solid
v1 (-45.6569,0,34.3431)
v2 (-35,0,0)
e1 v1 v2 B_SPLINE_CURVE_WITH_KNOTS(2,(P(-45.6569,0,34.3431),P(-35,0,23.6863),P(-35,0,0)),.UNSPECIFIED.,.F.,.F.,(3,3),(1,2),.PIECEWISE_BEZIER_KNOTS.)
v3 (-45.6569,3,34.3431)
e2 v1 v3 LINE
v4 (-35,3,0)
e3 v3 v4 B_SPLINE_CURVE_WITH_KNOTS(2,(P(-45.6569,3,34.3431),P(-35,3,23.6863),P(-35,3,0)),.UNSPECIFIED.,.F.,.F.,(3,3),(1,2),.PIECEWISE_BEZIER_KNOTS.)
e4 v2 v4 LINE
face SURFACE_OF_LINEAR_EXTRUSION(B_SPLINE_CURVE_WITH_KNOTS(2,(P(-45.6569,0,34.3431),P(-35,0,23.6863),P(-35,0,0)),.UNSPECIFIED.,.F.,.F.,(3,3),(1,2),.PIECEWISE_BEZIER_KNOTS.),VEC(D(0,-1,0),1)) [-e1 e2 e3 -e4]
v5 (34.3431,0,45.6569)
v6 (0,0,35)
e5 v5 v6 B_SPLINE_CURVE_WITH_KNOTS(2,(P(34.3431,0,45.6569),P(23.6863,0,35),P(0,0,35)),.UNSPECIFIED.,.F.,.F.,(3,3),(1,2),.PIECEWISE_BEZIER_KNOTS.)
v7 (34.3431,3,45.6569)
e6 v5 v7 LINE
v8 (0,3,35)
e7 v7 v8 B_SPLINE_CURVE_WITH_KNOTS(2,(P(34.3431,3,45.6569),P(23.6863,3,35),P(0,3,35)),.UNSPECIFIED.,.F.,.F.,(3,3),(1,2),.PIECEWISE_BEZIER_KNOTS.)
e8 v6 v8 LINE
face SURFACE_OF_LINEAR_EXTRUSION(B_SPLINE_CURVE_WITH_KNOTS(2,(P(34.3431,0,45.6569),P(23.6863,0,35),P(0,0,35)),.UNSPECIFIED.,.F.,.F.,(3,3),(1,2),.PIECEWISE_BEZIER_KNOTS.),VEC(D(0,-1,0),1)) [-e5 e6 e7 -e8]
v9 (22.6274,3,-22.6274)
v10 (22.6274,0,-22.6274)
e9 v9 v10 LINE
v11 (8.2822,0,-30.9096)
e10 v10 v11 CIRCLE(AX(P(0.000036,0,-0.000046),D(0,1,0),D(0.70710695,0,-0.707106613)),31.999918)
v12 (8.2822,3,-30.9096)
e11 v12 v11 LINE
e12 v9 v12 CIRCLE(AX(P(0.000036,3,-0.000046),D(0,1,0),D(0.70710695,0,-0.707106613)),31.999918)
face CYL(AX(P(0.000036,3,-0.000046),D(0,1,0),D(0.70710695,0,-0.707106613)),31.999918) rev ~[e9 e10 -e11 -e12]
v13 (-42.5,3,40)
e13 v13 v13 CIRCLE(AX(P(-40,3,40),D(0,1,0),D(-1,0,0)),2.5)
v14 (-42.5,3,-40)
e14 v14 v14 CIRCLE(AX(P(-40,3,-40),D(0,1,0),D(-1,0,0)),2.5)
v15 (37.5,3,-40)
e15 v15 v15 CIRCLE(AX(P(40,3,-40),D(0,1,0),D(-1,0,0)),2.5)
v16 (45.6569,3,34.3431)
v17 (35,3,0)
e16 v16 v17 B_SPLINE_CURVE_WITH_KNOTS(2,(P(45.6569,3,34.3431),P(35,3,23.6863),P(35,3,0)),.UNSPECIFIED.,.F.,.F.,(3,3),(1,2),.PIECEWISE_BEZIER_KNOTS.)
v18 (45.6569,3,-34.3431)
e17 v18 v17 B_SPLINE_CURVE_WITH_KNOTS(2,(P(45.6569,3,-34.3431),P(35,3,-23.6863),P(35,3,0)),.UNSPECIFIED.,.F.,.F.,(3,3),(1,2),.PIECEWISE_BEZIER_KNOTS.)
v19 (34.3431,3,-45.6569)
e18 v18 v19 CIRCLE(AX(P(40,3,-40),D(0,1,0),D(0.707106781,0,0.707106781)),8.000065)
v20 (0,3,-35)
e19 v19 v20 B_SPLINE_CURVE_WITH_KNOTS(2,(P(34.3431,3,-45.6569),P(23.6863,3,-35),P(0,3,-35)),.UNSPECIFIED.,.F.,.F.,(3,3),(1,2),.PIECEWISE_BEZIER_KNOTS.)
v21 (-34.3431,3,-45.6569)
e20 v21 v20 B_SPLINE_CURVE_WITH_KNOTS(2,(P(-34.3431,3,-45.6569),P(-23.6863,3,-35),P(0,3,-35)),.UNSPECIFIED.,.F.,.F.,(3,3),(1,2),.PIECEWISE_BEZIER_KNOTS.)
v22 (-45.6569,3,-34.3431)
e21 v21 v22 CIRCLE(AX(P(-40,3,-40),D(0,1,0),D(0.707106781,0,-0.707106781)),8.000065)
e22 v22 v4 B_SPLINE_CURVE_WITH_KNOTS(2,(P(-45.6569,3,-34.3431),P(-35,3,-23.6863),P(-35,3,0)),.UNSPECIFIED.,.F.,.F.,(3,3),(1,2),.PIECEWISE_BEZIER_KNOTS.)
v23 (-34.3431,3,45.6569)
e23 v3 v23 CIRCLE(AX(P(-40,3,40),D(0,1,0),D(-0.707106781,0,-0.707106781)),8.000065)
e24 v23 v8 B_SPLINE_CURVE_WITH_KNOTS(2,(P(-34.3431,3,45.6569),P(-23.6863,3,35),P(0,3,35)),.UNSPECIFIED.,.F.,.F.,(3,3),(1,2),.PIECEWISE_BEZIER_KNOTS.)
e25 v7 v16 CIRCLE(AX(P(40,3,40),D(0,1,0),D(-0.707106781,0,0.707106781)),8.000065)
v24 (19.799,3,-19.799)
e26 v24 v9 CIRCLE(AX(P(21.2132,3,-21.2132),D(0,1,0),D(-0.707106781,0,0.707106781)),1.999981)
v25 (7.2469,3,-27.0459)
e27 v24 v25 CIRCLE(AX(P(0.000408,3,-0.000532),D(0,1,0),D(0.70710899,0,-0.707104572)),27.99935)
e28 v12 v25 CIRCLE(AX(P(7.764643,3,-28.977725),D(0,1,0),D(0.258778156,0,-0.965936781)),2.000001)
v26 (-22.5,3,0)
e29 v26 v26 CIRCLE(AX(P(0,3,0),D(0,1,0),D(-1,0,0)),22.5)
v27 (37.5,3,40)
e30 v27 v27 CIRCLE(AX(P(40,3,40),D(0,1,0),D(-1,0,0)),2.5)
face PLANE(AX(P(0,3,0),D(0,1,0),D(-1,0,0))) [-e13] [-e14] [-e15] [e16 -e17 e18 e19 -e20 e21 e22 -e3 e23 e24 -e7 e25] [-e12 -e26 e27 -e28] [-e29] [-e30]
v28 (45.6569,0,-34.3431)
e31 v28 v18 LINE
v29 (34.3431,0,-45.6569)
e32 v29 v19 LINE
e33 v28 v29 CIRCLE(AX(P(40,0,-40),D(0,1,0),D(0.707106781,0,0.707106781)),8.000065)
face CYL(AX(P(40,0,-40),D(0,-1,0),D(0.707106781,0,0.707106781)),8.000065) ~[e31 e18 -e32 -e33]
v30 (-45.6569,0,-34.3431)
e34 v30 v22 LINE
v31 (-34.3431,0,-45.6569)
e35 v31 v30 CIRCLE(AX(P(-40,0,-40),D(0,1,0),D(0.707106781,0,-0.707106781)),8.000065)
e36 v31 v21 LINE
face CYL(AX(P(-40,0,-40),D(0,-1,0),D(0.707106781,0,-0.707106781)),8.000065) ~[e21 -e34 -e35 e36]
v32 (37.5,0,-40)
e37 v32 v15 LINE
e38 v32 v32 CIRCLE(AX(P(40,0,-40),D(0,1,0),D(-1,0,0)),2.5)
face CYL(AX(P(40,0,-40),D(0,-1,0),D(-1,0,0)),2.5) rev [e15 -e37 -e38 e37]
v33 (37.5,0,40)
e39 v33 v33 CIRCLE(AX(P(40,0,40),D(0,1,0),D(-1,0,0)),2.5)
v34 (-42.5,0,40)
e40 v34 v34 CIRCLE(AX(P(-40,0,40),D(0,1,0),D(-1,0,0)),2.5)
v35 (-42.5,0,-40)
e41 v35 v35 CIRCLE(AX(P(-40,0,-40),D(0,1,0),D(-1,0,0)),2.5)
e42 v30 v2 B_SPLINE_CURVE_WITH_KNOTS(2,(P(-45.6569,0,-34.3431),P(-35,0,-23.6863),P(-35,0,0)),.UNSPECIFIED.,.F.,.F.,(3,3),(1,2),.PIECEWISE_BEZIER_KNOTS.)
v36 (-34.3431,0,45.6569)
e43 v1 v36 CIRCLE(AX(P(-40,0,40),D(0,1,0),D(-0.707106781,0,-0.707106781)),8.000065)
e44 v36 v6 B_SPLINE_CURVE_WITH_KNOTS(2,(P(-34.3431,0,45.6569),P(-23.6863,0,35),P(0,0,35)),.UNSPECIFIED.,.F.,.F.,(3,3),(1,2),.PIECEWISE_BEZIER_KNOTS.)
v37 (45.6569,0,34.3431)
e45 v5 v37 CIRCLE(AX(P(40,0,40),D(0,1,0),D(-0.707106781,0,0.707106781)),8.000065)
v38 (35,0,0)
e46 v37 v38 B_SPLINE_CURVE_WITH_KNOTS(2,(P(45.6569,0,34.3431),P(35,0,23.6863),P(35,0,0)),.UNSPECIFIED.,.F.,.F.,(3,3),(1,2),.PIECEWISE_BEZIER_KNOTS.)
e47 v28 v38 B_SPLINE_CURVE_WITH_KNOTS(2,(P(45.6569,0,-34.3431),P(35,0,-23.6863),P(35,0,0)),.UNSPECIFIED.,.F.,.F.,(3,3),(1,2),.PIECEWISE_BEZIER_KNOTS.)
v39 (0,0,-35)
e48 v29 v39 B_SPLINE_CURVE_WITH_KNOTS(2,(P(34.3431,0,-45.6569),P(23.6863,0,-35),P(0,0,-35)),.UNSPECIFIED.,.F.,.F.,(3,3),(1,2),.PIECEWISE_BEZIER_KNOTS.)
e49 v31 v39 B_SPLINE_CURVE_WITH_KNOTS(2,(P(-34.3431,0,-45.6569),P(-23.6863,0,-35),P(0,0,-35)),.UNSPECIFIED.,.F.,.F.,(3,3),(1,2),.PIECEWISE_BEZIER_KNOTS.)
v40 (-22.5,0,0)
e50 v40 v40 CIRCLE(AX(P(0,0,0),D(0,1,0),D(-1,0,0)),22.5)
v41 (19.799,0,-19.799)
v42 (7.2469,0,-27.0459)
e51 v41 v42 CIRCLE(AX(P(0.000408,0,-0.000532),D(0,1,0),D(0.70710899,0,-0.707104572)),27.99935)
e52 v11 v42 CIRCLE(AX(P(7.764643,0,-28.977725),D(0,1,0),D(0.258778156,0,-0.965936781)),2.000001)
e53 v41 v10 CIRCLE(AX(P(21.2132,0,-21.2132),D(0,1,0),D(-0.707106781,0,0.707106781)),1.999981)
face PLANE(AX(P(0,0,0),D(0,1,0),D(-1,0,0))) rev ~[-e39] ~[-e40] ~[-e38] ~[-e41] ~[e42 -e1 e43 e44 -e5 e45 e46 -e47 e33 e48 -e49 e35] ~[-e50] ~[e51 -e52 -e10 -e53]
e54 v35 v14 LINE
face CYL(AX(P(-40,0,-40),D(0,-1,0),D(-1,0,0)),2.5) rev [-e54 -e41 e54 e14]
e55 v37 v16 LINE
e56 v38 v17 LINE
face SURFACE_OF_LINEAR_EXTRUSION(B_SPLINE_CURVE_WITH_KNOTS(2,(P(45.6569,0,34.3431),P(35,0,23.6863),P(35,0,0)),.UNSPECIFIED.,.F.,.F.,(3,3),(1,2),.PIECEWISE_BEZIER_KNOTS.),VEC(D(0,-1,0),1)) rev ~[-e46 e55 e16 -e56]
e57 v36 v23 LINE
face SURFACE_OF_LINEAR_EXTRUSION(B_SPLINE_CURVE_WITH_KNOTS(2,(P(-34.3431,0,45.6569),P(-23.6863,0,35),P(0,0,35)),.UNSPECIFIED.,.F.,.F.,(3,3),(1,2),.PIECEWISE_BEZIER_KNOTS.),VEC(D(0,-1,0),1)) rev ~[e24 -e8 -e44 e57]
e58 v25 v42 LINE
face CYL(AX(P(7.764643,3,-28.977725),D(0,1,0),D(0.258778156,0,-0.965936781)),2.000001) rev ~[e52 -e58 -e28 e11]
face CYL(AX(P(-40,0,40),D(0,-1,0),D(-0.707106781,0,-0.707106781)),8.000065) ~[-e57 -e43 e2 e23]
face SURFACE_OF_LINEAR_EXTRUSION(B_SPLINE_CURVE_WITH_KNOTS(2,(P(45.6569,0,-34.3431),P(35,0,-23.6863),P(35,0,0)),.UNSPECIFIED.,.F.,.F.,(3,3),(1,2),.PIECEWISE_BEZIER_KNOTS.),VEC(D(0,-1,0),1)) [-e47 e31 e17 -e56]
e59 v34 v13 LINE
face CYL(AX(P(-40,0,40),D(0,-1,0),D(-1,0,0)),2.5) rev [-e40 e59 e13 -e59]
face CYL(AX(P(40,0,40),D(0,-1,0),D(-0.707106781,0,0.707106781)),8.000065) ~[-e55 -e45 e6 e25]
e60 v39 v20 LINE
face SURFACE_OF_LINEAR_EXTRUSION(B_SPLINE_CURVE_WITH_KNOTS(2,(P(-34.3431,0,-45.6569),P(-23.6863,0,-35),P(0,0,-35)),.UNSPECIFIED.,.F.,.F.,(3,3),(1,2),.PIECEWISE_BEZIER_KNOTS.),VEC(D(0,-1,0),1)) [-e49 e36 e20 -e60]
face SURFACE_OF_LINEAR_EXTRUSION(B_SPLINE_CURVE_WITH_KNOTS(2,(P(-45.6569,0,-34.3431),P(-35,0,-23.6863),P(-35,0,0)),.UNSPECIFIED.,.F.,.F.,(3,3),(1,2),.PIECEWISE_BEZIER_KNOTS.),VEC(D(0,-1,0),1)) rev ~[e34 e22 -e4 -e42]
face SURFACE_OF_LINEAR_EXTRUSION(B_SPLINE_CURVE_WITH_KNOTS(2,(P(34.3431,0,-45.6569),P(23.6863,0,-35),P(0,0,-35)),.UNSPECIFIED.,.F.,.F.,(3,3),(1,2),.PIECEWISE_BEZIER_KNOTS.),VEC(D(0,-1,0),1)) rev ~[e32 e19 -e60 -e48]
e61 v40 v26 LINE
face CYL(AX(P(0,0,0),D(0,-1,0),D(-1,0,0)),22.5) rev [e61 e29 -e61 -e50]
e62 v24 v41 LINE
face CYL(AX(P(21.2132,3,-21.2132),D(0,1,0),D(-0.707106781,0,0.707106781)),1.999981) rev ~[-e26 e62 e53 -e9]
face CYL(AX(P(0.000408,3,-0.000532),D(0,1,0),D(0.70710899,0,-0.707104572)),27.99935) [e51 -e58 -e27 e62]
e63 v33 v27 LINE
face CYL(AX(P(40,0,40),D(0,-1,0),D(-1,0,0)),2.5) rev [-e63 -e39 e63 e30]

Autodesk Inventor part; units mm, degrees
ref_plane "YZ Plane" through (0, 0, 0) normal (1, 0, 0) x (0, 1, 0)
ref_plane "XZ Plane" through (0, 0, 0) normal (0, 1, 0) x (-1, 0, 0)
ref_plane "XY Plane" through (0, 0, 0) normal (0, 0, 1) x (1, 0, 0)
sketch "Sketch1" plane through (0, 0, 0) normal (0, 1, 0) x (-1, 0, 0)
  line L0 (40, -40) -> (-40, -40) construction
  line L1 (-40, -40) -> (-40, 40) construction
  line L2 (-40, 40) -> (40, 40) construction
  line L3 (40, 40) -> (40, -40) construction
  line L4 (40, -40) -> (-40, 40) construction
  line L5 (-40, -40) -> (40, 40) construction
  circle A0 centre (-40, -40) radius 2.5
  arc A1 (-45.6569, -34.3431) -> (-34.3431, -45.6569) centre (-40, -40) ccw
  line L6 (-45.6569, -34.3431) -> (-35, -23.6863) construction
  line L7 (-35, -23.6863) -> (-35, 0) construction
  spline S0 degree 2 poles (-45.6569, -34.3431) (-35, -23.6863) (-35, 0) knots 1 1 1 2 2 2
  line L8 (-34.3431, -45.6569) -> (-45.6569, -34.3431) construction
  circle A2 centre (0, 0) radius 22.5
  line L9 (-34.3431, -45.6569) -> (-23.6863, -35) construction
  line L10 (-23.6863, -35) -> (0, -35) construction
  spline S1 degree 2 poles (-34.3431, -45.6569) (-23.6863, -35) (0, -35) knots 1 1 1 2 2 2
  line L11 (0, 0) -> (0, -47.3827) construction
  line L12 (0, 0) -> (-76.4691, 0) construction
  circle A3 centre (-40, 40) radius 2.5
  arc A4 (-34.3431, 45.6569) -> (-45.6569, 34.3431) centre (-40, 40) ccw
  line L13 (-45.6569, 34.3431) -> (-35, 23.6863) construction
  line L14 (-35, 23.6863) -> (-35, 0) construction
  spline S2 degree 2 poles (-45.6569, 34.3431) (-35, 23.6863) (-35, 0) knots 1 1 1 2 2 2
  spline S3 degree 2 poles (-34.3431, 45.6569) (-23.6863, 35) (0, 35) knots 1 1 1 2 2 2
  line L15 (-34.3431, 45.6569) -> (-23.6863, 35) construction
  line L16 (-23.6863, 35) -> (0, 35) construction
  circle A5 centre (40, -40) radius 2.5
  arc A6 (34.3431, -45.6569) -> (45.6569, -34.3431) centre (40, -40) ccw
  line L17 (45.6569, -34.3431) -> (35, -23.6863) construction
  line L18 (35, -23.6863) -> (35, 0) construction
  spline S4 degree 2 poles (45.6569, -34.3431) (35, -23.6863) (35, 0) knots 1 1 1 2 2 2
  spline S5 degree 2 poles (34.3431, -45.6569) (23.6863, -35) (0, -35) knots 1 1 1 2 2 2
  line L19 (34.3431, -45.6569) -> (23.6863, -35) construction
  line L20 (23.6863, -35) -> (0, -35) construction
  spline S6 degree 2 poles (45.6569, 34.3431) (35, 23.6863) (35, 0) knots 1 1 1 2 2 2
  arc A7 (45.6569, 34.3431) -> (34.3431, 45.6569) centre (40, 40) ccw
  circle A8 centre (40, 40) radius 2.5
  spline S7 degree 2 poles (34.3431, 45.6569) (23.6863, 35) (0, 35) knots 1 1 1 2 2 2
  line L21 (45.6569, 34.3431) -> (35, 23.6863) construction
  line L22 (35, 23.6863) -> (35, 0) construction
  line L23 (34.3431, 45.6569) -> (23.6863, 35) construction
  line L24 (23.6863, 35) -> (0, 35) construction
  dimension "d0" = 80
  dimension "d1" = 80
  dimension "d2" = 5
  dimension "d4" = 45
  dimension "d5" = 5
  dimension "d6" = 45
  dimension "d7" = 8
extrude "Extrusion1" add sketch "Sketch1" along normal blind 3
sketch "Sketch2" plane through (0, 3, 0) normal (0, 1, 0) x (1, 0, 0)
  arc A0 (21.2132, 21.2132) -> (7.7646, 28.9778) centre (0, 0) ccw construction
  arc A1 (22.6274, 22.6274) -> (8.2822, 30.9096) centre (0, 0) ccw
  arc A2 (19.799, 19.799) -> (7.2469, 27.0459) centre (0, 0) ccw
  arc A3 (19.799, 19.799) -> (22.6274, 22.6274) centre (21.2132, 21.2132) ccw
  arc A4 (8.2822, 30.9096) -> (7.2469, 27.0459) centre (7.7646, 28.9778) ccw
  line L0 (0, 0) -> (21.2132, 21.2132) construction
  line L1 (0, 0) -> (7.7646, 28.9778) construction
  line L2 (0, 0) -> (0, 28.9934) construction
  dimension "d10" = 30
  dimension "d11" = 4
  dimension "d12" = 30
  dimension "d15" = 15
extrude "Extrusion2" cut sketch "Sketch2" against normal up to next
properties part number "YawBottomPlate"
